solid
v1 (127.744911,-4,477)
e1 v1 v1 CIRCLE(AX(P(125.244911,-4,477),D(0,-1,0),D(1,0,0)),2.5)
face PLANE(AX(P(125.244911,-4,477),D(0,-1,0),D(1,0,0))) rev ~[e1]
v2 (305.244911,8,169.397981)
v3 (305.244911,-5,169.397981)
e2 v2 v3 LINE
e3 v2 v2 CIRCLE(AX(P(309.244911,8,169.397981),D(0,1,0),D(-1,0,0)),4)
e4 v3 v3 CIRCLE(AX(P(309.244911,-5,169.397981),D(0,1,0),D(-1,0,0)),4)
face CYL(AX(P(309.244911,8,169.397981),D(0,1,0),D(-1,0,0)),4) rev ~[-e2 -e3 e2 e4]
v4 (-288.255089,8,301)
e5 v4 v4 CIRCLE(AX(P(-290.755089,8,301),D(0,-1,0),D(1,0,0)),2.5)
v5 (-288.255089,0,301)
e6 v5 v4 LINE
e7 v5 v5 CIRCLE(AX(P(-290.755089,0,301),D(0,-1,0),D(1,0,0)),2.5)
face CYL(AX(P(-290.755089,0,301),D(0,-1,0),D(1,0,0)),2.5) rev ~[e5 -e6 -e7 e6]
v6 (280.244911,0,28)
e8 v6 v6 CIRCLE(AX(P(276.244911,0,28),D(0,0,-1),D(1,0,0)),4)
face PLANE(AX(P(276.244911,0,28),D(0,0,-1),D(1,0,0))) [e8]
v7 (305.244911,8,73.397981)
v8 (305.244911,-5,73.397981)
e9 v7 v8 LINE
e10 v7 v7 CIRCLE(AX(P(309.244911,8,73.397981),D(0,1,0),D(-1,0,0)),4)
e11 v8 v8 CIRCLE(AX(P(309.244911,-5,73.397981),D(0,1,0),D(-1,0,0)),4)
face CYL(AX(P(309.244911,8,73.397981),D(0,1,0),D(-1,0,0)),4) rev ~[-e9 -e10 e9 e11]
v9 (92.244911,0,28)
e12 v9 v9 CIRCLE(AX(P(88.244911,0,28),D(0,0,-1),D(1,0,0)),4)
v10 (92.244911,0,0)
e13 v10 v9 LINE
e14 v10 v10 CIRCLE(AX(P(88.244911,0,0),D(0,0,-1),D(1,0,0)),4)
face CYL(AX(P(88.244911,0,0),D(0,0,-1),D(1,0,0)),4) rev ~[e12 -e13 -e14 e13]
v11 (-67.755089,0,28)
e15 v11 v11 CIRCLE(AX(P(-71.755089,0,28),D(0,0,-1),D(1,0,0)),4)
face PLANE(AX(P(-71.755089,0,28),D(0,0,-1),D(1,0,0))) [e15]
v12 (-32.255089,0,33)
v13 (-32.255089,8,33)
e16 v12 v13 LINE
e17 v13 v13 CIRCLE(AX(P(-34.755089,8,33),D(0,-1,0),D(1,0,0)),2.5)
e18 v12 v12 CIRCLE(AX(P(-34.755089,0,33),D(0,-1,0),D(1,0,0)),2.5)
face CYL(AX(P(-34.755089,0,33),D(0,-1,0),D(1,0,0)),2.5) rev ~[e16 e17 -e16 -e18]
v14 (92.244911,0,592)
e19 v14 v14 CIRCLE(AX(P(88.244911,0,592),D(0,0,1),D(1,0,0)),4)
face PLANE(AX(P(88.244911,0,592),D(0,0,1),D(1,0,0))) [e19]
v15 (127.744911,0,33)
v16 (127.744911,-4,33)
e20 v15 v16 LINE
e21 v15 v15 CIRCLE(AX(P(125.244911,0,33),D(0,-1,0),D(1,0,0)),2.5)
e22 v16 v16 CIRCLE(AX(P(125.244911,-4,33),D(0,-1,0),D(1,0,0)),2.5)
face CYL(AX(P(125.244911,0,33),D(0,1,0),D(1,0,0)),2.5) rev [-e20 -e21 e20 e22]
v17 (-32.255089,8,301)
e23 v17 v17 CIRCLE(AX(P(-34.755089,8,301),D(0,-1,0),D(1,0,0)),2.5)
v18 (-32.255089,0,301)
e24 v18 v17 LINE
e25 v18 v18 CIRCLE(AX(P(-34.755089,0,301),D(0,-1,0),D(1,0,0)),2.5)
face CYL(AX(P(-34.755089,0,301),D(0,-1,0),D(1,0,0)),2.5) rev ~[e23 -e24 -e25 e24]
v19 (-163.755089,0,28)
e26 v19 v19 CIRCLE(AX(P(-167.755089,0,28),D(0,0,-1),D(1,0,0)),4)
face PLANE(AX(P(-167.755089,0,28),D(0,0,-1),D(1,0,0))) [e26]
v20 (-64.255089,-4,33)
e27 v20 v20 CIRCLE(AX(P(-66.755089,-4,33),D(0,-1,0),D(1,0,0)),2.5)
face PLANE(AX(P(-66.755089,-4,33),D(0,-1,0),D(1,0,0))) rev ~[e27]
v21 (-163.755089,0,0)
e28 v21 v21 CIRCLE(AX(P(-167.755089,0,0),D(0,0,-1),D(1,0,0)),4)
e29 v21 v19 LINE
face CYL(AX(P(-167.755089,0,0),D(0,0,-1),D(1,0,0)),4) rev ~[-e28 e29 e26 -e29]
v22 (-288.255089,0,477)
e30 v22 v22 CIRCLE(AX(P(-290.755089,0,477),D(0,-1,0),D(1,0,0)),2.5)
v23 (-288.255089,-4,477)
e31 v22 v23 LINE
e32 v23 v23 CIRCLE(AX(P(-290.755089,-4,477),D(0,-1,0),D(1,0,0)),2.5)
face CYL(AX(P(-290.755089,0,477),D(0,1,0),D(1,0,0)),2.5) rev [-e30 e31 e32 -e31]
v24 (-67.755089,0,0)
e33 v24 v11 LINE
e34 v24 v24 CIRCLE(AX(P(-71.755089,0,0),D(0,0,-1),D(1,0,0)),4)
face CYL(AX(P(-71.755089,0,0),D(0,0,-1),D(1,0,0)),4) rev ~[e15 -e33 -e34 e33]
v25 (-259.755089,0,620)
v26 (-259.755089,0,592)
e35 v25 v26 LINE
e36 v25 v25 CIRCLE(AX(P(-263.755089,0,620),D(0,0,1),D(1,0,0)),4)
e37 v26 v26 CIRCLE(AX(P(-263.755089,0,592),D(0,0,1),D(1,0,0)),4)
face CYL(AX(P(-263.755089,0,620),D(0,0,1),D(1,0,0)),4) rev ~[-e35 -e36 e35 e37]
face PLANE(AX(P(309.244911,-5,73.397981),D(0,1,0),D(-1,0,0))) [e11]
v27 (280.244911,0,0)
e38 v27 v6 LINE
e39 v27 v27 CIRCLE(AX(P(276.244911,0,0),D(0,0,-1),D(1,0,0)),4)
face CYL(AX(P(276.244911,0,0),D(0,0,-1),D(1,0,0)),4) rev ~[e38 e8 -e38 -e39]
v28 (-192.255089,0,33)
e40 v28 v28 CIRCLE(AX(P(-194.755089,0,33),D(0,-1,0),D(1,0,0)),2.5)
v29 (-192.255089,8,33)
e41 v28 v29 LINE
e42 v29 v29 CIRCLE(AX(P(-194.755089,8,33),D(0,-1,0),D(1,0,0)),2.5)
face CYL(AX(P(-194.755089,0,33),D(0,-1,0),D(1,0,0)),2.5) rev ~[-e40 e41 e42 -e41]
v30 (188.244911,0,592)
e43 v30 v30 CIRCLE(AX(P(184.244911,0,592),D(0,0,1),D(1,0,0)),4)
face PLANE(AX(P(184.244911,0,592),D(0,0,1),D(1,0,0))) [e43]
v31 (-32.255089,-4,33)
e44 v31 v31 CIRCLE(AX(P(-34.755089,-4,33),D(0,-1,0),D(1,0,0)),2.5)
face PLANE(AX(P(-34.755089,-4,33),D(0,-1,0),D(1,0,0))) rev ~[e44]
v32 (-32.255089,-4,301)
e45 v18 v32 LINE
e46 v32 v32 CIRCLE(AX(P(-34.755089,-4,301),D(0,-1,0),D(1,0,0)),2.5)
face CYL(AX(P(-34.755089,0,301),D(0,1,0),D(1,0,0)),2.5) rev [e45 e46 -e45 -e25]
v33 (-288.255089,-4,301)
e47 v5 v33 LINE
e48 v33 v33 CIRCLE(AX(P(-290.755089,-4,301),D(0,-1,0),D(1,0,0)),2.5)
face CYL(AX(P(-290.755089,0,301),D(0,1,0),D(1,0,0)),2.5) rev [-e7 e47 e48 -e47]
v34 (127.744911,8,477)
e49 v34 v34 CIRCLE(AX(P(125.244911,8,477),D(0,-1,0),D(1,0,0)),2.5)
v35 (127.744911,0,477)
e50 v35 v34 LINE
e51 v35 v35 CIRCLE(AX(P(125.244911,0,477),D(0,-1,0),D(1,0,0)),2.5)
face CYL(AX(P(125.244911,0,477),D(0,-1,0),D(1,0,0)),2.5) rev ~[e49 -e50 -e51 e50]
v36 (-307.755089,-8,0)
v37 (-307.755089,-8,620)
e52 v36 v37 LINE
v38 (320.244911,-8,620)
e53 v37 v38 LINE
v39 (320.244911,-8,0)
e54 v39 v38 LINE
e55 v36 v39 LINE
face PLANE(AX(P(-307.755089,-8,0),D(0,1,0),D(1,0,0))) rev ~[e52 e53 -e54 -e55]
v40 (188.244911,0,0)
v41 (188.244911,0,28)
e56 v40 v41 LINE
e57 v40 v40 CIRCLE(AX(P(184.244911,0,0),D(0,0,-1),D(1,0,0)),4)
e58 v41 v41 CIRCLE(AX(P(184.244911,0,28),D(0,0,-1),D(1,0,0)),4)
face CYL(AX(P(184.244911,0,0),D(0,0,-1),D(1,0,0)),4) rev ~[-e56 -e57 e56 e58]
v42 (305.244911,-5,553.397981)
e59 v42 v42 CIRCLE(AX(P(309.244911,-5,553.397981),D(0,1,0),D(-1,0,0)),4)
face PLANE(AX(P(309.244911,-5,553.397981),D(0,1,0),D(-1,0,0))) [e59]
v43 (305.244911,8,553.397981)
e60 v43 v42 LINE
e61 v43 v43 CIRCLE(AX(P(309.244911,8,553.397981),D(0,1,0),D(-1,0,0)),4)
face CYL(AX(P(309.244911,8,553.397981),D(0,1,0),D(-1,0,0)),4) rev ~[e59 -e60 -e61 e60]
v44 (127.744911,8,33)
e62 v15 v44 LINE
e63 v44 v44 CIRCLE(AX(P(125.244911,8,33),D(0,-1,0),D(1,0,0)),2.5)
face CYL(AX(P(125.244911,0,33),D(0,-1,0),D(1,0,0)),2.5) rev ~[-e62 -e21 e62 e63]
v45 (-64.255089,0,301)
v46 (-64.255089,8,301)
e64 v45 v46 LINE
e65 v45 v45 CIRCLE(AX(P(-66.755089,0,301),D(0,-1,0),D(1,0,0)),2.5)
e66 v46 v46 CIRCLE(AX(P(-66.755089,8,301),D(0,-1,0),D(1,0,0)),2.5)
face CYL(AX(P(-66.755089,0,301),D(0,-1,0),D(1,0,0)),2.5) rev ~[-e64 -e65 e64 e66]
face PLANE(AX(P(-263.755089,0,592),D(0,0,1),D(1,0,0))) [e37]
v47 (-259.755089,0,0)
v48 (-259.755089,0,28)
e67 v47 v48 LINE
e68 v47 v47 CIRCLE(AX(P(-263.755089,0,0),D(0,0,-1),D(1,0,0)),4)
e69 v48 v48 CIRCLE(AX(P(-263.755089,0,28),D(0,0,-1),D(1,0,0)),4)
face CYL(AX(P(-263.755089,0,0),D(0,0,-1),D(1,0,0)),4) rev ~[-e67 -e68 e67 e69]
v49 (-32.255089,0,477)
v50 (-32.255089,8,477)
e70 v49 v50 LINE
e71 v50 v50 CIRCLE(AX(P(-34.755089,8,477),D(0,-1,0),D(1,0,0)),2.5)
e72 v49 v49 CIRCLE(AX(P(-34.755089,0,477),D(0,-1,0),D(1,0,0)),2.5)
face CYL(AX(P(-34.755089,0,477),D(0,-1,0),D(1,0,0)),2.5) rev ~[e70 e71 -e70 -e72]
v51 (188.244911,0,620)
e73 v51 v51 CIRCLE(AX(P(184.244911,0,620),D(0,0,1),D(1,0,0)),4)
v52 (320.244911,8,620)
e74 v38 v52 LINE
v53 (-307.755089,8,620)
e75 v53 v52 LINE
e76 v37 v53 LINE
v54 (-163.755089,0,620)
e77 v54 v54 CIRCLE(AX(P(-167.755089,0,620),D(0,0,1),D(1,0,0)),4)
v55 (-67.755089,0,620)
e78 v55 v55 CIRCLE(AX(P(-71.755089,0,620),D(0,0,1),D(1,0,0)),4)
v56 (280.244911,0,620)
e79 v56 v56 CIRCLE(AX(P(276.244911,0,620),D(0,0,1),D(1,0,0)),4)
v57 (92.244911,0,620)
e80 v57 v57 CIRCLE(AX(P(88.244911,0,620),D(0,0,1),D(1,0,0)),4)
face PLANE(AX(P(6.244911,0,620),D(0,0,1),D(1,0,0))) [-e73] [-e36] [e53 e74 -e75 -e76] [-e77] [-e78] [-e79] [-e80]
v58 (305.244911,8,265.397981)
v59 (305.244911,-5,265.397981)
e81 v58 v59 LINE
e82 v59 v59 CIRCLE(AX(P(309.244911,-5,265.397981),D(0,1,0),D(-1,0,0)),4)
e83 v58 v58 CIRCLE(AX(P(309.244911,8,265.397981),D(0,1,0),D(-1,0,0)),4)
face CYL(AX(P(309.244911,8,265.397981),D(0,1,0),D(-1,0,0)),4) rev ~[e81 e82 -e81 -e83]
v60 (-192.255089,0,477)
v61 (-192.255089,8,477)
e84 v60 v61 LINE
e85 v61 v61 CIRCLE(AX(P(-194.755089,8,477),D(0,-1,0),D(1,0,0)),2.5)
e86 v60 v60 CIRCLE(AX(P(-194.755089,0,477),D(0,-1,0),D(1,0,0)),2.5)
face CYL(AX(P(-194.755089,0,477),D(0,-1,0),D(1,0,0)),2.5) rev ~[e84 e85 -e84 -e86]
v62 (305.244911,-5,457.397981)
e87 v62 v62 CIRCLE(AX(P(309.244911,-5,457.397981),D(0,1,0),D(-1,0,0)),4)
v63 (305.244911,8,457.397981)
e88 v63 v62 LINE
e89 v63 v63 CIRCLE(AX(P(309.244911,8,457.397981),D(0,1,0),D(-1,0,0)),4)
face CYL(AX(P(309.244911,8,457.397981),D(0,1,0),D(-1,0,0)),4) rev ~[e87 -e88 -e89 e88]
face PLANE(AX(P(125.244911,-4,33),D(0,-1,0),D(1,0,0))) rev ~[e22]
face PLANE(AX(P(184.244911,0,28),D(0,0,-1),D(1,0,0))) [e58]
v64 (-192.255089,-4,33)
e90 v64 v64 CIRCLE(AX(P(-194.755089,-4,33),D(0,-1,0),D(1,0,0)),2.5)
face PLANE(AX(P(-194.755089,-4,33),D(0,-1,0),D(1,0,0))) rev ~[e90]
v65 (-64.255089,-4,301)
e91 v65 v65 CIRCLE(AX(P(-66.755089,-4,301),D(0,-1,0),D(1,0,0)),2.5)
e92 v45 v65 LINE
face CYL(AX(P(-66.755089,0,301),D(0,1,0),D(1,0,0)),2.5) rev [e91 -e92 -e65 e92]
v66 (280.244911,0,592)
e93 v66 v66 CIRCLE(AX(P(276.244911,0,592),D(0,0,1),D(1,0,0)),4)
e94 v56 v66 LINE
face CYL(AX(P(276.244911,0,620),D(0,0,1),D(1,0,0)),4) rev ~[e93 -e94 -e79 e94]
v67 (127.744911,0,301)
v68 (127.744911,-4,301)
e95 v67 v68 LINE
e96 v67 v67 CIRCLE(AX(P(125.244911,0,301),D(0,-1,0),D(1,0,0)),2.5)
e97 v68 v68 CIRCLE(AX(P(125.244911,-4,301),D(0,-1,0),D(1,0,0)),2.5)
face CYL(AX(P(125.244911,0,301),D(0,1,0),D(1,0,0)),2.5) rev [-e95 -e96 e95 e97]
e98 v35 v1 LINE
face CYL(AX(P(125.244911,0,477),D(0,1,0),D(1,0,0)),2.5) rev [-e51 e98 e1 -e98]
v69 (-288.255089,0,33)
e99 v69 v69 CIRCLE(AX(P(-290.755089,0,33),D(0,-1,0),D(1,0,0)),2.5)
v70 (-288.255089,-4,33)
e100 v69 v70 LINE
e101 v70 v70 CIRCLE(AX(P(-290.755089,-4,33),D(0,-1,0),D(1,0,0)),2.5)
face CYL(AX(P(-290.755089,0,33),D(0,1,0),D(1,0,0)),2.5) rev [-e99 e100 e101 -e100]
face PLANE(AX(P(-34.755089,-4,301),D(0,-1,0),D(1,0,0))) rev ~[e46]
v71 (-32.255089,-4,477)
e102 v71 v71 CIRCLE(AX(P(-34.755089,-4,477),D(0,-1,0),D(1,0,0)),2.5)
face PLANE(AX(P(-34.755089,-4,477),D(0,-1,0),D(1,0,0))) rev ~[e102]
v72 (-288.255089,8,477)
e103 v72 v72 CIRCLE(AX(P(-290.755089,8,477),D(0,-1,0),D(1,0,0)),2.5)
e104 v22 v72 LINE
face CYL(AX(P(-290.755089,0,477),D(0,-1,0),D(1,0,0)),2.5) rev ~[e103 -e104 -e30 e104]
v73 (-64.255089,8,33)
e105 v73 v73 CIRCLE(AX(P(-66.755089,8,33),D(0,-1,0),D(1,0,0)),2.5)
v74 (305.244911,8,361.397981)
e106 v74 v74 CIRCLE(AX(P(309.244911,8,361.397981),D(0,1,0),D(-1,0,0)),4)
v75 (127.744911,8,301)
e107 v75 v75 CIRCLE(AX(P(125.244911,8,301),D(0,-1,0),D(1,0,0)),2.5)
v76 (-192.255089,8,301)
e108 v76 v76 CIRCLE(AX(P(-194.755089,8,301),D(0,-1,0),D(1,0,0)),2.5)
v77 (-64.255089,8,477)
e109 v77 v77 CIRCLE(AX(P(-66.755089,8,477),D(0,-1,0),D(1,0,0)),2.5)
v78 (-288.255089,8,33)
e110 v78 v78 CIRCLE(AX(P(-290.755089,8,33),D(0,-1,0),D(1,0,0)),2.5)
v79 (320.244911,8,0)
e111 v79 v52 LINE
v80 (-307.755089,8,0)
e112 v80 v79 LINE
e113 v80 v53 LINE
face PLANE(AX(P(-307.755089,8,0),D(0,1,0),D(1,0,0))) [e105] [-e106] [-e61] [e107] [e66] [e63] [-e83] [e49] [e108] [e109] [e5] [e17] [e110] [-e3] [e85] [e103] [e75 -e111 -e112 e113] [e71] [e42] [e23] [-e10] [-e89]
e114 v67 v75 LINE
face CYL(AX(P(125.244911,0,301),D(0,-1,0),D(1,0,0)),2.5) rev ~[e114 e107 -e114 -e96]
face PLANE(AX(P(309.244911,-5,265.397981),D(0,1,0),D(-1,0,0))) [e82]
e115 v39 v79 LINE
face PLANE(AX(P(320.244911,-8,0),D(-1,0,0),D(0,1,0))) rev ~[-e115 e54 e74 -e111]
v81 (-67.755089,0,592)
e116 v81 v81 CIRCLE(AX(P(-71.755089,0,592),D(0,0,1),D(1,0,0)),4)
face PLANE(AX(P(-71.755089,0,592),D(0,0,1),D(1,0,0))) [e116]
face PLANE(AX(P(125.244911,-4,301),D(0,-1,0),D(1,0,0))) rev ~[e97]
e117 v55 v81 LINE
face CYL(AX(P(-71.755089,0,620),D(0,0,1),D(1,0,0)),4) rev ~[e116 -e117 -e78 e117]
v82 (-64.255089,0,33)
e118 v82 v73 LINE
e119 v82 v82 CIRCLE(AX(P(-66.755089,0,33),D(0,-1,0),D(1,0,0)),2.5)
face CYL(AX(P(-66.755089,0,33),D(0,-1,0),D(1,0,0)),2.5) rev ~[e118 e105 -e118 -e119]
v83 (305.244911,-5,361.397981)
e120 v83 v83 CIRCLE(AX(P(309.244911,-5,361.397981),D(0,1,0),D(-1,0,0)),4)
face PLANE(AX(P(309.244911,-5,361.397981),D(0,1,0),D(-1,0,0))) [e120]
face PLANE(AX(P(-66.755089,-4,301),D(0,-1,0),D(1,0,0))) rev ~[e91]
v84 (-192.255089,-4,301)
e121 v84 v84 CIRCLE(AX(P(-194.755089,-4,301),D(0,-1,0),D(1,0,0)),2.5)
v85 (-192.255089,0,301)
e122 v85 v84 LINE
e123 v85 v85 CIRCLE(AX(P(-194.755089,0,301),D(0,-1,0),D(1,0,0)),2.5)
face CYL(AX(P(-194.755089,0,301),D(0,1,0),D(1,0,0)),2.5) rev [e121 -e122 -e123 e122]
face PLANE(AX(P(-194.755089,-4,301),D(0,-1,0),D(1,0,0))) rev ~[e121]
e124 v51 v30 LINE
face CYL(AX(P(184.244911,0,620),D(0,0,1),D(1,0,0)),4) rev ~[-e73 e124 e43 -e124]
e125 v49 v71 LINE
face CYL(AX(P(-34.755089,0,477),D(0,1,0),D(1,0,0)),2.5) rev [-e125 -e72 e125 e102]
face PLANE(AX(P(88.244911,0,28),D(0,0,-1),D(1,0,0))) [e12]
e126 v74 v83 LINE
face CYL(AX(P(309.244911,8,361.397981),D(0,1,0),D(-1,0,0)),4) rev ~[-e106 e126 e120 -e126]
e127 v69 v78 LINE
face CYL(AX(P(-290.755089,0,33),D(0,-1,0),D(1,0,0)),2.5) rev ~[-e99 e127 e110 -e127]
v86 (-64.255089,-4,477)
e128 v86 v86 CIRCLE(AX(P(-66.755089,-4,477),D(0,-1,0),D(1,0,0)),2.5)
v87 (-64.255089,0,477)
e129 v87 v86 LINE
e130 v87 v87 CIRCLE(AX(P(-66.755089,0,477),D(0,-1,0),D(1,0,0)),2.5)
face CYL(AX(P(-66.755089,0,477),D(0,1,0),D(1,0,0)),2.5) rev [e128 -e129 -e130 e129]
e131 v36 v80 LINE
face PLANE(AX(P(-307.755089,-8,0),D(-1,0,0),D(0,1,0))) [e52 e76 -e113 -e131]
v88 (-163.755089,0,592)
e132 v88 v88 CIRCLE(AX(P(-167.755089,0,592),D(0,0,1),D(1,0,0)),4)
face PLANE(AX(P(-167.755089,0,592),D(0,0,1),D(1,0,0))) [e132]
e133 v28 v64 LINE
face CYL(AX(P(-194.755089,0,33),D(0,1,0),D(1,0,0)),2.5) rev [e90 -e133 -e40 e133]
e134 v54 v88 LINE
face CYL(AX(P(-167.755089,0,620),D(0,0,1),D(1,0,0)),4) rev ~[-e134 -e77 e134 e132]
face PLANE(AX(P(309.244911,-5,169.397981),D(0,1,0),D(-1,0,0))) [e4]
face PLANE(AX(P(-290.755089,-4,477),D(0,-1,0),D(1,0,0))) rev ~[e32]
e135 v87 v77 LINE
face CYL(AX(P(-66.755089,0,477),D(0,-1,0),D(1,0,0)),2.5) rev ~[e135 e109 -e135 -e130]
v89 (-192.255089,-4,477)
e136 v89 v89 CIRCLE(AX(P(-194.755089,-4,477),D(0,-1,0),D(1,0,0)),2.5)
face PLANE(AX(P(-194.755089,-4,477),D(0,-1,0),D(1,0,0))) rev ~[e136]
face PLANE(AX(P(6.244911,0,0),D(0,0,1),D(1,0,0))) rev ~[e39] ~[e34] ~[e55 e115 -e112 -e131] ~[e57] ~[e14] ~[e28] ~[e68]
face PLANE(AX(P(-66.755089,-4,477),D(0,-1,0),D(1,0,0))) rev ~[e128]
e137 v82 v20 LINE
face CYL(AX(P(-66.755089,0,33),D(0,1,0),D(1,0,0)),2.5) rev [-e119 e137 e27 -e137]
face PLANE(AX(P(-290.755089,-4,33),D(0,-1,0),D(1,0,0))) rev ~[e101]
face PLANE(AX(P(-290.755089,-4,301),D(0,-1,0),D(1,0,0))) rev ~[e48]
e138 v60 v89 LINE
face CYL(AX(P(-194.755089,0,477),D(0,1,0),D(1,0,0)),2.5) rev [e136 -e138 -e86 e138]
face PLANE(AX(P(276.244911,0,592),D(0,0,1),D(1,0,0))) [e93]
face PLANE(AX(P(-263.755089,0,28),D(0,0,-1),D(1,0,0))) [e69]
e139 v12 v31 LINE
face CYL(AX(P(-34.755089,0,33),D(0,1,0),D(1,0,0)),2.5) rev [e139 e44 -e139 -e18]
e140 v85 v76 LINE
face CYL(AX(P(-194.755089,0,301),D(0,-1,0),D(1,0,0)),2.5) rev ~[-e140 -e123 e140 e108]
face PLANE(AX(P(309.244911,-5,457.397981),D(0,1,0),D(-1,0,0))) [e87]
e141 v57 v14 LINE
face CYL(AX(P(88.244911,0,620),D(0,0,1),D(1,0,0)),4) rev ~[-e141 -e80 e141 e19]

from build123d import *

# Parameters (mm, degrees)
F0_W          = 628
F0_H          = 16
F1_DEPTH      = 620
F2_R          = 4
F3_DEPTH      = 28
F4_R          = 4
F5_DEPTH      = 28
F6_R          = 2.5
F7_DEPTH      = 8
F7_DEPTH_BACK = 4
F8_R          = 4
F9_DEPTH      = 13


with BuildPart() as f1:
    # F0 (on Top) → F1 (new body)
    with BuildSketch(Plane.XY):
        with Locations((6.2449113171, 0)):
            Rectangle(F0_W, F0_H)
    extrude(amount=F1_DEPTH)

    # F2 (on face) → F3 (cut)
    with BuildSketch(Plane(origin=(0, 0, 0), x_dir=(1, 0, 0), z_dir=(0, 0, -1))):
        with Locations((-263.7550886829, 0)):
            Circle(F2_R)
        with Locations((-167.7550886829, 0)):
            Circle(F2_R)
        with Locations((-71.7550886829, 0)):
            Circle(F2_R)
        with Locations((88.2449113171, 0)):
            Circle(F2_R)
        with Locations((276.2449113171, 0)):
            Circle(F2_R)
        with Locations((184.2449113171, 0)):
            Circle(F2_R)
    extrude(amount=-F3_DEPTH, mode=Mode.SUBTRACT)

    # F4 (on face) → F5 (cut)
    with BuildSketch(Plane.XY.offset(620)):
        with Locations((-263.7550886829, 0)):
            Circle(F4_R)
        with Locations((-167.7550886829, 0)):
            Circle(F4_R)
        with Locations((-71.7550886829, 0)):
            Circle(F4_R)
        with Locations((88.2449113171, 0)):
            Circle(F4_R)
        with Locations((276.2449113171, 0)):
            Circle(F4_R)
        with Locations((184.2449113171, 0)):
            Circle(F4_R)
    extrude(amount=-F5_DEPTH, mode=Mode.SUBTRACT)

    # F6 (on Front) → F7 (cut, two sides)
    with BuildSketch(Plane.XZ) as f7_sk:
        with Locations((-290.7550886829, 33)):
            Circle(F6_R)
        with Locations((-66.7550886829, 33)):
            Circle(F6_R)
        with Locations((-194.7550886829, 33)):
            Circle(F6_R)
        with Locations((-34.7550886829, 33)):
            Circle(F6_R)
        with Locations((125.2449113171, 33)):
            Circle(F6_R)
        with Locations((125.2449113171, 301)):
            Circle(F6_R)
        with Locations((-34.7550886829, 301)):
            Circle(F6_R)
        with Locations((-194.7550886829, 301)):
            Circle(F6_R)
        with Locations((-66.7550886829, 301)):
            Circle(F6_R)
        with Locations((-290.7550886829, 301)):
            Circle(F6_R)
        with Locations((125.2449113171, 477)):
            Circle(F6_R)
        with Locations((-34.7550886829, 477)):
            Circle(F6_R)
        with Locations((-194.7550886829, 477)):
            Circle(F6_R)
        with Locations((-66.7550886829, 477)):
            Circle(F6_R)
        with Locations((-290.7550886829, 477)):
            Circle(F6_R)
    extrude(amount=-F7_DEPTH, mode=Mode.SUBTRACT)
    extrude(f7_sk.sketch, amount=F7_DEPTH_BACK, mode=Mode.SUBTRACT)

    # F8 (on face) → F9 (cut)
    with BuildSketch(Plane(origin=(0, 8, 0), x_dir=(-1, 0, 0), z_dir=(0, 1, 0))):
        with Locations((-309.2449113171, 553.3979809284)):
            Circle(F8_R)
        with Locations((-309.2449113171, 457.3979809284)):
            Circle(F8_R)
        with Locations((-309.2449113171, 361.3979809284)):
            Circle(F8_R)
        with Locations((-309.2449113171, 265.3979809284)):
            Circle(F8_R)
        with Locations((-309.2449113171, 169.3979809284)):
            Circle(F8_R)
        with Locations((-309.2449113171, 73.3979809284)):
            Circle(F8_R)
    extrude(amount=-F9_DEPTH, mode=Mode.SUBTRACT)


solid = f1.part
